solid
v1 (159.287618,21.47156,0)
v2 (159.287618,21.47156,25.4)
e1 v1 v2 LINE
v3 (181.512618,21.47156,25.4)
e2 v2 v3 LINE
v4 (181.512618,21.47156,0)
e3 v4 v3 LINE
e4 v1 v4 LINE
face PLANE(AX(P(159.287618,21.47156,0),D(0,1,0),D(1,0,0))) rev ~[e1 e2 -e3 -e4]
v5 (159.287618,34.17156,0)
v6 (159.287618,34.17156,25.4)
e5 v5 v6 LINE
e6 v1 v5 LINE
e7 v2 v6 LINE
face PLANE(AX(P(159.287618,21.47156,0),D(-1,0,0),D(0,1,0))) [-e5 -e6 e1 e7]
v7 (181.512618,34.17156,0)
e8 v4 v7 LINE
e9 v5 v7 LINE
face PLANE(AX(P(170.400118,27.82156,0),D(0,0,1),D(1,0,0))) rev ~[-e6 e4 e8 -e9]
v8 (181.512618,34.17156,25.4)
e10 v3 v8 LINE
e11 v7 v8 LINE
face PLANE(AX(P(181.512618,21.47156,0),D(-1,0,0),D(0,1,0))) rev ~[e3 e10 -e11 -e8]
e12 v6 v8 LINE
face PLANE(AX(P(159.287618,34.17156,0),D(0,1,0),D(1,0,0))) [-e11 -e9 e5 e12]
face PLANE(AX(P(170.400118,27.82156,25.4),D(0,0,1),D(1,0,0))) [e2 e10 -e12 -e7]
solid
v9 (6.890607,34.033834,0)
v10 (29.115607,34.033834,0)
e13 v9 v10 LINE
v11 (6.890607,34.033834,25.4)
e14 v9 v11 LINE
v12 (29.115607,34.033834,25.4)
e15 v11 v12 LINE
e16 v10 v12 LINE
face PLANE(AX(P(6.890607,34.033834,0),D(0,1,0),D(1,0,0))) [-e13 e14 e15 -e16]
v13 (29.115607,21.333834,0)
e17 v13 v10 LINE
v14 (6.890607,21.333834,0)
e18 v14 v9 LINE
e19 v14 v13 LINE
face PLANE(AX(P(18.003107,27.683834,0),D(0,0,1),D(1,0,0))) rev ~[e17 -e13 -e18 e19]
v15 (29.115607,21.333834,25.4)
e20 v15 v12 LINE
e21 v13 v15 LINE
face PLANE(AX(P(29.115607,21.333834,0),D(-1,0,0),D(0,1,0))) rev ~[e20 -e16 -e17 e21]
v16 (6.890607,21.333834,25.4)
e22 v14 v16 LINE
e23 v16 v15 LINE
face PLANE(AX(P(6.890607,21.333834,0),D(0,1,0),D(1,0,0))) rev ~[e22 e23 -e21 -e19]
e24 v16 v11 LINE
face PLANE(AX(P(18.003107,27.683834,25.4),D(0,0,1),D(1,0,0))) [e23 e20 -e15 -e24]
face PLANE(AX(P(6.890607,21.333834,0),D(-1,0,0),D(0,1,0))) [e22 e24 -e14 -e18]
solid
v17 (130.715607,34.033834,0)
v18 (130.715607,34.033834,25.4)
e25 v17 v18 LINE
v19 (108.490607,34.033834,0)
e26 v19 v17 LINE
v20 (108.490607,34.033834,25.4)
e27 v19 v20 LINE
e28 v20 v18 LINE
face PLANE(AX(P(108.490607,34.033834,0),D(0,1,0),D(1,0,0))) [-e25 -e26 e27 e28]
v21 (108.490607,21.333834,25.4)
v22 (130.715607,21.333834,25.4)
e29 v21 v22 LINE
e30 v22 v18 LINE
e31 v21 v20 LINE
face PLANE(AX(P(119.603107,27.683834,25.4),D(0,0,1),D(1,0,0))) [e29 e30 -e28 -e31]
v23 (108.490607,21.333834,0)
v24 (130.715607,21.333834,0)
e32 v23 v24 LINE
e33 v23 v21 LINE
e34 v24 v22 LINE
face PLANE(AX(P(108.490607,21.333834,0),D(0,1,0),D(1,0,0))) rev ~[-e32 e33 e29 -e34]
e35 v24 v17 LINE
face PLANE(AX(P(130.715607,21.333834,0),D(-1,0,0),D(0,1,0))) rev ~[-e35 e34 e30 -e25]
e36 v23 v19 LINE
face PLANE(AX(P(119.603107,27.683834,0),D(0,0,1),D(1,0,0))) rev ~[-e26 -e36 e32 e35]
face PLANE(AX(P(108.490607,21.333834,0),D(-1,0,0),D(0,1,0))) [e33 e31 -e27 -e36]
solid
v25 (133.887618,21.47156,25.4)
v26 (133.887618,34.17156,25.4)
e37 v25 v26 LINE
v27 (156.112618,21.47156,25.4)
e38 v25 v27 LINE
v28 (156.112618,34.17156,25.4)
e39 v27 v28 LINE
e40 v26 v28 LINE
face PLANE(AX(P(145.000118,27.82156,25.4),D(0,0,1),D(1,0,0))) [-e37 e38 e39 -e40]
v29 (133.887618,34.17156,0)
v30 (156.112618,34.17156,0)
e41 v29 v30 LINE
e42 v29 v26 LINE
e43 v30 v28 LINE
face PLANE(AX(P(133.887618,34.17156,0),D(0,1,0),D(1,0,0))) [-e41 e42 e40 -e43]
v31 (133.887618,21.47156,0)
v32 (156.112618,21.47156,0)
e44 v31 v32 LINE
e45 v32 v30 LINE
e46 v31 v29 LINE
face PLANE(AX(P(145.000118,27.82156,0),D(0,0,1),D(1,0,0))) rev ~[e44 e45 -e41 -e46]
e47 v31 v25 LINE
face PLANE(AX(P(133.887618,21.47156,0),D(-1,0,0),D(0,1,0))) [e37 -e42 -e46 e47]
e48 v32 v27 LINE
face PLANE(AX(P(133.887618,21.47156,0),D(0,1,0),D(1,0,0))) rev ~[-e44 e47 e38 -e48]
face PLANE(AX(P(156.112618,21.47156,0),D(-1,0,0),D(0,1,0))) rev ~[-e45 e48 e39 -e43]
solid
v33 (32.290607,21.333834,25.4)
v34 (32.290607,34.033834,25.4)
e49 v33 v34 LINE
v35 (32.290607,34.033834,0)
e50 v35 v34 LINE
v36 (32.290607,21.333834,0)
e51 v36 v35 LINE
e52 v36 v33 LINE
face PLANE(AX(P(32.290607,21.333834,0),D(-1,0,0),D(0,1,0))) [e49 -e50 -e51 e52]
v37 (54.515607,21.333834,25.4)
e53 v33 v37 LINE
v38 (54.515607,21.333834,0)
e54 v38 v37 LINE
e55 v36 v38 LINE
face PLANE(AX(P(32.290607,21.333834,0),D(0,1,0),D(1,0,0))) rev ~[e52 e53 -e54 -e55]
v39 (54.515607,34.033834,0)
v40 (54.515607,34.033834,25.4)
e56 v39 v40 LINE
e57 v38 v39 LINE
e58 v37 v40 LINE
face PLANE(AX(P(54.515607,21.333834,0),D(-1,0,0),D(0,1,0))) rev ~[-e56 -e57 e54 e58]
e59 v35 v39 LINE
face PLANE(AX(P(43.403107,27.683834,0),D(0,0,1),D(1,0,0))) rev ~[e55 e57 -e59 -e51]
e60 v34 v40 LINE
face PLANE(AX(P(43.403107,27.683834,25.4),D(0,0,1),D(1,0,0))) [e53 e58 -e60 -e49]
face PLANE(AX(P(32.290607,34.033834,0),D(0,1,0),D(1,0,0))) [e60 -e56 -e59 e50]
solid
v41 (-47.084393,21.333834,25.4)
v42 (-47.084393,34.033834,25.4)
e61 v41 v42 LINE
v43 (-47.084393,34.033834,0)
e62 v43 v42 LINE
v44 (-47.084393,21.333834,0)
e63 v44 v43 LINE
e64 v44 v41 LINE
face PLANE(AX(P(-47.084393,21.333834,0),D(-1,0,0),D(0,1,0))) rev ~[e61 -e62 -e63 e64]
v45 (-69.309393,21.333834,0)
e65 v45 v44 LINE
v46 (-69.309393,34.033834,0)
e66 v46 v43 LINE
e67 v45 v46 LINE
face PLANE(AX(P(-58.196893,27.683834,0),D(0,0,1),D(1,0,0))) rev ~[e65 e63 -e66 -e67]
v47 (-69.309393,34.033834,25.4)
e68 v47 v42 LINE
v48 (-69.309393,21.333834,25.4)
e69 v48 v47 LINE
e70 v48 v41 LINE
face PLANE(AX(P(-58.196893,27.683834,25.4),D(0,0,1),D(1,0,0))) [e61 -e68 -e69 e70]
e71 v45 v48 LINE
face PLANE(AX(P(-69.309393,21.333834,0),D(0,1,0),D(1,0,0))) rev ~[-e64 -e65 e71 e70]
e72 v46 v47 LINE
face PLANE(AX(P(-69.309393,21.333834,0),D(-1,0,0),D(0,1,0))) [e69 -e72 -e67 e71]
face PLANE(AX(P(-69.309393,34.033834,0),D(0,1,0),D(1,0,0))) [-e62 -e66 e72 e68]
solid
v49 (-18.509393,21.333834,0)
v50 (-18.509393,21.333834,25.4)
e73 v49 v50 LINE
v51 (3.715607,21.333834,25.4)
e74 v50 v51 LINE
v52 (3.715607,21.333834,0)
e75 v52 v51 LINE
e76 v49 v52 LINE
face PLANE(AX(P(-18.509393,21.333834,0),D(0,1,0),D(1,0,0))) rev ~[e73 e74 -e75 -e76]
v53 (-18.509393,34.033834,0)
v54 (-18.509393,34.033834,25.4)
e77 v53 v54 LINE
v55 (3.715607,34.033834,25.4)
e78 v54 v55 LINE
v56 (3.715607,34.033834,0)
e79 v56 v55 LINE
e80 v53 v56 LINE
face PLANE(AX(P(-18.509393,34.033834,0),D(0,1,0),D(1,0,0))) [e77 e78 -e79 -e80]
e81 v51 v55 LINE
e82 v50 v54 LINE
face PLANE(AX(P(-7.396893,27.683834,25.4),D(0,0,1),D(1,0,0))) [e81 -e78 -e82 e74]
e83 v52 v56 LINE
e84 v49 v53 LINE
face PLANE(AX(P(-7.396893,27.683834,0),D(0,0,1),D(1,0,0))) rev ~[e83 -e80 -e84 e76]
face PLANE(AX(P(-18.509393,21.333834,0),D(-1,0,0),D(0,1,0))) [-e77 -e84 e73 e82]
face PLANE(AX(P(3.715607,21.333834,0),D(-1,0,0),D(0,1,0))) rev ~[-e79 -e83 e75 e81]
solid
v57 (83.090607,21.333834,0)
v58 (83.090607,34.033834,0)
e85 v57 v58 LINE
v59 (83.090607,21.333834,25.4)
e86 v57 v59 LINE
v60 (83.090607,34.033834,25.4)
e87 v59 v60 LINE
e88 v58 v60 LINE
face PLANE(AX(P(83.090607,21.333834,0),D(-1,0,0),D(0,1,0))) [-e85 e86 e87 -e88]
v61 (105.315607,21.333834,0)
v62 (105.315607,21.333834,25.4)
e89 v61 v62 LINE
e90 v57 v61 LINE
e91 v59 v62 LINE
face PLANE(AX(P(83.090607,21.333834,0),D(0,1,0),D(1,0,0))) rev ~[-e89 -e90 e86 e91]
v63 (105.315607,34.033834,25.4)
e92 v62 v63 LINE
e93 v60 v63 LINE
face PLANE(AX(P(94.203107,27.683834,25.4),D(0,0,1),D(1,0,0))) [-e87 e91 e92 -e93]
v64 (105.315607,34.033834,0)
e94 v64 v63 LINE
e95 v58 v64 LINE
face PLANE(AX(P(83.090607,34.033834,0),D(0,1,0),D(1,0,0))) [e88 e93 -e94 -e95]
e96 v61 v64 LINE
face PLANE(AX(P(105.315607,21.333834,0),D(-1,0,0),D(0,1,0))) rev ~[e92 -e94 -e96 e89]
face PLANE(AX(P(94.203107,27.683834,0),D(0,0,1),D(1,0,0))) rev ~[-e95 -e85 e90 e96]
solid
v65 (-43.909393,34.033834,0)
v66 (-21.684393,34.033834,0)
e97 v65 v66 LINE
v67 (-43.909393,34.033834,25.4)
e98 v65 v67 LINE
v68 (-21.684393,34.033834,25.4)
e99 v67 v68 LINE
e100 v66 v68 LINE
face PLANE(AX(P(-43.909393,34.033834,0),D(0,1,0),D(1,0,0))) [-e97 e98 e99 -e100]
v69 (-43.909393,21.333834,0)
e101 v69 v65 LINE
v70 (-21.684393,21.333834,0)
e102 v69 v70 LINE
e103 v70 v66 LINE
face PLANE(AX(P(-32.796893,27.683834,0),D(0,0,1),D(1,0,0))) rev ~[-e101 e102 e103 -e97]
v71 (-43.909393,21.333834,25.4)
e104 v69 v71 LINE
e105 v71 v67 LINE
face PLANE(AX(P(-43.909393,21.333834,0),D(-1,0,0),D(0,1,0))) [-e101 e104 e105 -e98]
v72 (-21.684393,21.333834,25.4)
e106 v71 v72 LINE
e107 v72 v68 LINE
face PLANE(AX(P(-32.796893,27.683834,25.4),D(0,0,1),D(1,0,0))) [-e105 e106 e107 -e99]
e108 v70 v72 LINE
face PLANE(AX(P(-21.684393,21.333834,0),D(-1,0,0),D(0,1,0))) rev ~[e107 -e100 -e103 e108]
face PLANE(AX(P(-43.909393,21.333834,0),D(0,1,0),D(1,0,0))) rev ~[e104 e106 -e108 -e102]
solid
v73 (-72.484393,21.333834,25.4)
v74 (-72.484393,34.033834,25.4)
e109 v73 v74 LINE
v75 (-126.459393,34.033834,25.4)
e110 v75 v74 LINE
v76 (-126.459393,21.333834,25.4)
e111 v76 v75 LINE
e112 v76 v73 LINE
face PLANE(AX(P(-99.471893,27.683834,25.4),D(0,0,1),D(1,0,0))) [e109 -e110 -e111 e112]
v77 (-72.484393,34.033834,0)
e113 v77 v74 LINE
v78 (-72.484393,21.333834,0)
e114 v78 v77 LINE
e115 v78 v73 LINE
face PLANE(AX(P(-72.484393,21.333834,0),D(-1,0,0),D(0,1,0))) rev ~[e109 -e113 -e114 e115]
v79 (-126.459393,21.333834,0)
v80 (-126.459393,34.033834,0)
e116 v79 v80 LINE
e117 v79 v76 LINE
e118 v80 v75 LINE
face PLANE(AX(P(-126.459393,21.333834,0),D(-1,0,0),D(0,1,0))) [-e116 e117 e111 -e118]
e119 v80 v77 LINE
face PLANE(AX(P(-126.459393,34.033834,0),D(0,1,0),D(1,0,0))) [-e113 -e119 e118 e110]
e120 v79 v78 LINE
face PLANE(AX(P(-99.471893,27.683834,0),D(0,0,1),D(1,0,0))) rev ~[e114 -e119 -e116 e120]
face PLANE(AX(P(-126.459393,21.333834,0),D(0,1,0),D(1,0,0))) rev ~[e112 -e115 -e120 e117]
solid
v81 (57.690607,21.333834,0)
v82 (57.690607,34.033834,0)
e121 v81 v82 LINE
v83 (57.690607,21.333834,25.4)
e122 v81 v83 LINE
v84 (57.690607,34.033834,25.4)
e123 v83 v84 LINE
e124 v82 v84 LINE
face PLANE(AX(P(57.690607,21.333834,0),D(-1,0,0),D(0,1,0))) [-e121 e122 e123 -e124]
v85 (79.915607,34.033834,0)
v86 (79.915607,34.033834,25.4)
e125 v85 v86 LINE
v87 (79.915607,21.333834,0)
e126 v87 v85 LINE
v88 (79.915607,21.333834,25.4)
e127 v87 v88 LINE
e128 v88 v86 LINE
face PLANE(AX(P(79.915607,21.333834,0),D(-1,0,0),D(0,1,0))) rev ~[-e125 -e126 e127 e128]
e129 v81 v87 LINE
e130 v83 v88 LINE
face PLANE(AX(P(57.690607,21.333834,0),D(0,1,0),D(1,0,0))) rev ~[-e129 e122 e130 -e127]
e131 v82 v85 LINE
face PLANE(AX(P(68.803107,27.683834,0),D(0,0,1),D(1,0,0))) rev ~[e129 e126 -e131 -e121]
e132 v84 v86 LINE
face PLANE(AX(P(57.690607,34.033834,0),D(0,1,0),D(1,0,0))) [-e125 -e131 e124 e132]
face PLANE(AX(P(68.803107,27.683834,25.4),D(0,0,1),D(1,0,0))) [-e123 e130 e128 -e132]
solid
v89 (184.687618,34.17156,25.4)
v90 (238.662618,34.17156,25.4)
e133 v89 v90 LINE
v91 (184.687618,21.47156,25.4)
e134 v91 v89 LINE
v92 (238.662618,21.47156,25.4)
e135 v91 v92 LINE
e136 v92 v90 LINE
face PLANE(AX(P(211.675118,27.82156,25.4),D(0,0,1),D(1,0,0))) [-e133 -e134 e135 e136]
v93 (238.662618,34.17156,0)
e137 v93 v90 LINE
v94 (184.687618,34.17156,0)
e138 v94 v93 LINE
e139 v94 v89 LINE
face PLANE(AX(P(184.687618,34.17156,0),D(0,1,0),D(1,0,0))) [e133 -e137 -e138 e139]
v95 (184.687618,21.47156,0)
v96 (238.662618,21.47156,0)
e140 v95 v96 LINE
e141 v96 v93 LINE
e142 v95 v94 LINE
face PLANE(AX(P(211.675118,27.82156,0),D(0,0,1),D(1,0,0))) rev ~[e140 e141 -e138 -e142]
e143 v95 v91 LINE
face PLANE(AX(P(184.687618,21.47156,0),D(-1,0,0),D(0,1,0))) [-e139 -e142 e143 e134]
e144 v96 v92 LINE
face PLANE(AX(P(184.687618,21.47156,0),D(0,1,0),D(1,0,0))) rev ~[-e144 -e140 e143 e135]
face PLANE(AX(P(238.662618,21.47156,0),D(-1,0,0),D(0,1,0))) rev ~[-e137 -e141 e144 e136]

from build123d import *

# Parameters (mm, degrees)
F0_W     = 53.975
F0_H     = 12.7
F0_W_2   = 22.225
F1_DEPTH = 25.4


with BuildPart() as f1:
    # F0 (on Top) → F1 (new body)
    with BuildSketch(Plane.XY):
        with Locations((-99.471893, 27.683834)):
            Rectangle(F0_W, F0_H)
        with Locations((-58.196893, 27.683834)):
            Rectangle(F0_W_2, F0_H)
        with Locations((-32.796893, 27.683834)):
            Rectangle(F0_W_2, F0_H)
        with Locations((-7.396893, 27.683834)):
            Rectangle(F0_W_2, F0_H)
        with Locations((18.003107, 27.683834)):
            Rectangle(F0_W_2, F0_H)
        with Locations((43.403107, 27.683834)):
            Rectangle(F0_W_2, F0_H)
        with Locations((68.803107, 27.683834)):
            Rectangle(F0_W_2, F0_H)
        with Locations((94.203107, 27.683834)):
            Rectangle(F0_W_2, F0_H)
        with Locations((119.603107, 27.683834)):
            Rectangle(F0_W_2, F0_H)
        with Locations((145.000118, 27.82156)):
            Rectangle(F0_W_2, F0_H)
        with Locations((211.675118, 27.82156)):
            Rectangle(F0_W, F0_H)
        with Locations((170.400118, 27.82156)):
            Rectangle(F0_W_2, F0_H)
    extrude(amount=F1_DEPTH)


solid = f1.part
